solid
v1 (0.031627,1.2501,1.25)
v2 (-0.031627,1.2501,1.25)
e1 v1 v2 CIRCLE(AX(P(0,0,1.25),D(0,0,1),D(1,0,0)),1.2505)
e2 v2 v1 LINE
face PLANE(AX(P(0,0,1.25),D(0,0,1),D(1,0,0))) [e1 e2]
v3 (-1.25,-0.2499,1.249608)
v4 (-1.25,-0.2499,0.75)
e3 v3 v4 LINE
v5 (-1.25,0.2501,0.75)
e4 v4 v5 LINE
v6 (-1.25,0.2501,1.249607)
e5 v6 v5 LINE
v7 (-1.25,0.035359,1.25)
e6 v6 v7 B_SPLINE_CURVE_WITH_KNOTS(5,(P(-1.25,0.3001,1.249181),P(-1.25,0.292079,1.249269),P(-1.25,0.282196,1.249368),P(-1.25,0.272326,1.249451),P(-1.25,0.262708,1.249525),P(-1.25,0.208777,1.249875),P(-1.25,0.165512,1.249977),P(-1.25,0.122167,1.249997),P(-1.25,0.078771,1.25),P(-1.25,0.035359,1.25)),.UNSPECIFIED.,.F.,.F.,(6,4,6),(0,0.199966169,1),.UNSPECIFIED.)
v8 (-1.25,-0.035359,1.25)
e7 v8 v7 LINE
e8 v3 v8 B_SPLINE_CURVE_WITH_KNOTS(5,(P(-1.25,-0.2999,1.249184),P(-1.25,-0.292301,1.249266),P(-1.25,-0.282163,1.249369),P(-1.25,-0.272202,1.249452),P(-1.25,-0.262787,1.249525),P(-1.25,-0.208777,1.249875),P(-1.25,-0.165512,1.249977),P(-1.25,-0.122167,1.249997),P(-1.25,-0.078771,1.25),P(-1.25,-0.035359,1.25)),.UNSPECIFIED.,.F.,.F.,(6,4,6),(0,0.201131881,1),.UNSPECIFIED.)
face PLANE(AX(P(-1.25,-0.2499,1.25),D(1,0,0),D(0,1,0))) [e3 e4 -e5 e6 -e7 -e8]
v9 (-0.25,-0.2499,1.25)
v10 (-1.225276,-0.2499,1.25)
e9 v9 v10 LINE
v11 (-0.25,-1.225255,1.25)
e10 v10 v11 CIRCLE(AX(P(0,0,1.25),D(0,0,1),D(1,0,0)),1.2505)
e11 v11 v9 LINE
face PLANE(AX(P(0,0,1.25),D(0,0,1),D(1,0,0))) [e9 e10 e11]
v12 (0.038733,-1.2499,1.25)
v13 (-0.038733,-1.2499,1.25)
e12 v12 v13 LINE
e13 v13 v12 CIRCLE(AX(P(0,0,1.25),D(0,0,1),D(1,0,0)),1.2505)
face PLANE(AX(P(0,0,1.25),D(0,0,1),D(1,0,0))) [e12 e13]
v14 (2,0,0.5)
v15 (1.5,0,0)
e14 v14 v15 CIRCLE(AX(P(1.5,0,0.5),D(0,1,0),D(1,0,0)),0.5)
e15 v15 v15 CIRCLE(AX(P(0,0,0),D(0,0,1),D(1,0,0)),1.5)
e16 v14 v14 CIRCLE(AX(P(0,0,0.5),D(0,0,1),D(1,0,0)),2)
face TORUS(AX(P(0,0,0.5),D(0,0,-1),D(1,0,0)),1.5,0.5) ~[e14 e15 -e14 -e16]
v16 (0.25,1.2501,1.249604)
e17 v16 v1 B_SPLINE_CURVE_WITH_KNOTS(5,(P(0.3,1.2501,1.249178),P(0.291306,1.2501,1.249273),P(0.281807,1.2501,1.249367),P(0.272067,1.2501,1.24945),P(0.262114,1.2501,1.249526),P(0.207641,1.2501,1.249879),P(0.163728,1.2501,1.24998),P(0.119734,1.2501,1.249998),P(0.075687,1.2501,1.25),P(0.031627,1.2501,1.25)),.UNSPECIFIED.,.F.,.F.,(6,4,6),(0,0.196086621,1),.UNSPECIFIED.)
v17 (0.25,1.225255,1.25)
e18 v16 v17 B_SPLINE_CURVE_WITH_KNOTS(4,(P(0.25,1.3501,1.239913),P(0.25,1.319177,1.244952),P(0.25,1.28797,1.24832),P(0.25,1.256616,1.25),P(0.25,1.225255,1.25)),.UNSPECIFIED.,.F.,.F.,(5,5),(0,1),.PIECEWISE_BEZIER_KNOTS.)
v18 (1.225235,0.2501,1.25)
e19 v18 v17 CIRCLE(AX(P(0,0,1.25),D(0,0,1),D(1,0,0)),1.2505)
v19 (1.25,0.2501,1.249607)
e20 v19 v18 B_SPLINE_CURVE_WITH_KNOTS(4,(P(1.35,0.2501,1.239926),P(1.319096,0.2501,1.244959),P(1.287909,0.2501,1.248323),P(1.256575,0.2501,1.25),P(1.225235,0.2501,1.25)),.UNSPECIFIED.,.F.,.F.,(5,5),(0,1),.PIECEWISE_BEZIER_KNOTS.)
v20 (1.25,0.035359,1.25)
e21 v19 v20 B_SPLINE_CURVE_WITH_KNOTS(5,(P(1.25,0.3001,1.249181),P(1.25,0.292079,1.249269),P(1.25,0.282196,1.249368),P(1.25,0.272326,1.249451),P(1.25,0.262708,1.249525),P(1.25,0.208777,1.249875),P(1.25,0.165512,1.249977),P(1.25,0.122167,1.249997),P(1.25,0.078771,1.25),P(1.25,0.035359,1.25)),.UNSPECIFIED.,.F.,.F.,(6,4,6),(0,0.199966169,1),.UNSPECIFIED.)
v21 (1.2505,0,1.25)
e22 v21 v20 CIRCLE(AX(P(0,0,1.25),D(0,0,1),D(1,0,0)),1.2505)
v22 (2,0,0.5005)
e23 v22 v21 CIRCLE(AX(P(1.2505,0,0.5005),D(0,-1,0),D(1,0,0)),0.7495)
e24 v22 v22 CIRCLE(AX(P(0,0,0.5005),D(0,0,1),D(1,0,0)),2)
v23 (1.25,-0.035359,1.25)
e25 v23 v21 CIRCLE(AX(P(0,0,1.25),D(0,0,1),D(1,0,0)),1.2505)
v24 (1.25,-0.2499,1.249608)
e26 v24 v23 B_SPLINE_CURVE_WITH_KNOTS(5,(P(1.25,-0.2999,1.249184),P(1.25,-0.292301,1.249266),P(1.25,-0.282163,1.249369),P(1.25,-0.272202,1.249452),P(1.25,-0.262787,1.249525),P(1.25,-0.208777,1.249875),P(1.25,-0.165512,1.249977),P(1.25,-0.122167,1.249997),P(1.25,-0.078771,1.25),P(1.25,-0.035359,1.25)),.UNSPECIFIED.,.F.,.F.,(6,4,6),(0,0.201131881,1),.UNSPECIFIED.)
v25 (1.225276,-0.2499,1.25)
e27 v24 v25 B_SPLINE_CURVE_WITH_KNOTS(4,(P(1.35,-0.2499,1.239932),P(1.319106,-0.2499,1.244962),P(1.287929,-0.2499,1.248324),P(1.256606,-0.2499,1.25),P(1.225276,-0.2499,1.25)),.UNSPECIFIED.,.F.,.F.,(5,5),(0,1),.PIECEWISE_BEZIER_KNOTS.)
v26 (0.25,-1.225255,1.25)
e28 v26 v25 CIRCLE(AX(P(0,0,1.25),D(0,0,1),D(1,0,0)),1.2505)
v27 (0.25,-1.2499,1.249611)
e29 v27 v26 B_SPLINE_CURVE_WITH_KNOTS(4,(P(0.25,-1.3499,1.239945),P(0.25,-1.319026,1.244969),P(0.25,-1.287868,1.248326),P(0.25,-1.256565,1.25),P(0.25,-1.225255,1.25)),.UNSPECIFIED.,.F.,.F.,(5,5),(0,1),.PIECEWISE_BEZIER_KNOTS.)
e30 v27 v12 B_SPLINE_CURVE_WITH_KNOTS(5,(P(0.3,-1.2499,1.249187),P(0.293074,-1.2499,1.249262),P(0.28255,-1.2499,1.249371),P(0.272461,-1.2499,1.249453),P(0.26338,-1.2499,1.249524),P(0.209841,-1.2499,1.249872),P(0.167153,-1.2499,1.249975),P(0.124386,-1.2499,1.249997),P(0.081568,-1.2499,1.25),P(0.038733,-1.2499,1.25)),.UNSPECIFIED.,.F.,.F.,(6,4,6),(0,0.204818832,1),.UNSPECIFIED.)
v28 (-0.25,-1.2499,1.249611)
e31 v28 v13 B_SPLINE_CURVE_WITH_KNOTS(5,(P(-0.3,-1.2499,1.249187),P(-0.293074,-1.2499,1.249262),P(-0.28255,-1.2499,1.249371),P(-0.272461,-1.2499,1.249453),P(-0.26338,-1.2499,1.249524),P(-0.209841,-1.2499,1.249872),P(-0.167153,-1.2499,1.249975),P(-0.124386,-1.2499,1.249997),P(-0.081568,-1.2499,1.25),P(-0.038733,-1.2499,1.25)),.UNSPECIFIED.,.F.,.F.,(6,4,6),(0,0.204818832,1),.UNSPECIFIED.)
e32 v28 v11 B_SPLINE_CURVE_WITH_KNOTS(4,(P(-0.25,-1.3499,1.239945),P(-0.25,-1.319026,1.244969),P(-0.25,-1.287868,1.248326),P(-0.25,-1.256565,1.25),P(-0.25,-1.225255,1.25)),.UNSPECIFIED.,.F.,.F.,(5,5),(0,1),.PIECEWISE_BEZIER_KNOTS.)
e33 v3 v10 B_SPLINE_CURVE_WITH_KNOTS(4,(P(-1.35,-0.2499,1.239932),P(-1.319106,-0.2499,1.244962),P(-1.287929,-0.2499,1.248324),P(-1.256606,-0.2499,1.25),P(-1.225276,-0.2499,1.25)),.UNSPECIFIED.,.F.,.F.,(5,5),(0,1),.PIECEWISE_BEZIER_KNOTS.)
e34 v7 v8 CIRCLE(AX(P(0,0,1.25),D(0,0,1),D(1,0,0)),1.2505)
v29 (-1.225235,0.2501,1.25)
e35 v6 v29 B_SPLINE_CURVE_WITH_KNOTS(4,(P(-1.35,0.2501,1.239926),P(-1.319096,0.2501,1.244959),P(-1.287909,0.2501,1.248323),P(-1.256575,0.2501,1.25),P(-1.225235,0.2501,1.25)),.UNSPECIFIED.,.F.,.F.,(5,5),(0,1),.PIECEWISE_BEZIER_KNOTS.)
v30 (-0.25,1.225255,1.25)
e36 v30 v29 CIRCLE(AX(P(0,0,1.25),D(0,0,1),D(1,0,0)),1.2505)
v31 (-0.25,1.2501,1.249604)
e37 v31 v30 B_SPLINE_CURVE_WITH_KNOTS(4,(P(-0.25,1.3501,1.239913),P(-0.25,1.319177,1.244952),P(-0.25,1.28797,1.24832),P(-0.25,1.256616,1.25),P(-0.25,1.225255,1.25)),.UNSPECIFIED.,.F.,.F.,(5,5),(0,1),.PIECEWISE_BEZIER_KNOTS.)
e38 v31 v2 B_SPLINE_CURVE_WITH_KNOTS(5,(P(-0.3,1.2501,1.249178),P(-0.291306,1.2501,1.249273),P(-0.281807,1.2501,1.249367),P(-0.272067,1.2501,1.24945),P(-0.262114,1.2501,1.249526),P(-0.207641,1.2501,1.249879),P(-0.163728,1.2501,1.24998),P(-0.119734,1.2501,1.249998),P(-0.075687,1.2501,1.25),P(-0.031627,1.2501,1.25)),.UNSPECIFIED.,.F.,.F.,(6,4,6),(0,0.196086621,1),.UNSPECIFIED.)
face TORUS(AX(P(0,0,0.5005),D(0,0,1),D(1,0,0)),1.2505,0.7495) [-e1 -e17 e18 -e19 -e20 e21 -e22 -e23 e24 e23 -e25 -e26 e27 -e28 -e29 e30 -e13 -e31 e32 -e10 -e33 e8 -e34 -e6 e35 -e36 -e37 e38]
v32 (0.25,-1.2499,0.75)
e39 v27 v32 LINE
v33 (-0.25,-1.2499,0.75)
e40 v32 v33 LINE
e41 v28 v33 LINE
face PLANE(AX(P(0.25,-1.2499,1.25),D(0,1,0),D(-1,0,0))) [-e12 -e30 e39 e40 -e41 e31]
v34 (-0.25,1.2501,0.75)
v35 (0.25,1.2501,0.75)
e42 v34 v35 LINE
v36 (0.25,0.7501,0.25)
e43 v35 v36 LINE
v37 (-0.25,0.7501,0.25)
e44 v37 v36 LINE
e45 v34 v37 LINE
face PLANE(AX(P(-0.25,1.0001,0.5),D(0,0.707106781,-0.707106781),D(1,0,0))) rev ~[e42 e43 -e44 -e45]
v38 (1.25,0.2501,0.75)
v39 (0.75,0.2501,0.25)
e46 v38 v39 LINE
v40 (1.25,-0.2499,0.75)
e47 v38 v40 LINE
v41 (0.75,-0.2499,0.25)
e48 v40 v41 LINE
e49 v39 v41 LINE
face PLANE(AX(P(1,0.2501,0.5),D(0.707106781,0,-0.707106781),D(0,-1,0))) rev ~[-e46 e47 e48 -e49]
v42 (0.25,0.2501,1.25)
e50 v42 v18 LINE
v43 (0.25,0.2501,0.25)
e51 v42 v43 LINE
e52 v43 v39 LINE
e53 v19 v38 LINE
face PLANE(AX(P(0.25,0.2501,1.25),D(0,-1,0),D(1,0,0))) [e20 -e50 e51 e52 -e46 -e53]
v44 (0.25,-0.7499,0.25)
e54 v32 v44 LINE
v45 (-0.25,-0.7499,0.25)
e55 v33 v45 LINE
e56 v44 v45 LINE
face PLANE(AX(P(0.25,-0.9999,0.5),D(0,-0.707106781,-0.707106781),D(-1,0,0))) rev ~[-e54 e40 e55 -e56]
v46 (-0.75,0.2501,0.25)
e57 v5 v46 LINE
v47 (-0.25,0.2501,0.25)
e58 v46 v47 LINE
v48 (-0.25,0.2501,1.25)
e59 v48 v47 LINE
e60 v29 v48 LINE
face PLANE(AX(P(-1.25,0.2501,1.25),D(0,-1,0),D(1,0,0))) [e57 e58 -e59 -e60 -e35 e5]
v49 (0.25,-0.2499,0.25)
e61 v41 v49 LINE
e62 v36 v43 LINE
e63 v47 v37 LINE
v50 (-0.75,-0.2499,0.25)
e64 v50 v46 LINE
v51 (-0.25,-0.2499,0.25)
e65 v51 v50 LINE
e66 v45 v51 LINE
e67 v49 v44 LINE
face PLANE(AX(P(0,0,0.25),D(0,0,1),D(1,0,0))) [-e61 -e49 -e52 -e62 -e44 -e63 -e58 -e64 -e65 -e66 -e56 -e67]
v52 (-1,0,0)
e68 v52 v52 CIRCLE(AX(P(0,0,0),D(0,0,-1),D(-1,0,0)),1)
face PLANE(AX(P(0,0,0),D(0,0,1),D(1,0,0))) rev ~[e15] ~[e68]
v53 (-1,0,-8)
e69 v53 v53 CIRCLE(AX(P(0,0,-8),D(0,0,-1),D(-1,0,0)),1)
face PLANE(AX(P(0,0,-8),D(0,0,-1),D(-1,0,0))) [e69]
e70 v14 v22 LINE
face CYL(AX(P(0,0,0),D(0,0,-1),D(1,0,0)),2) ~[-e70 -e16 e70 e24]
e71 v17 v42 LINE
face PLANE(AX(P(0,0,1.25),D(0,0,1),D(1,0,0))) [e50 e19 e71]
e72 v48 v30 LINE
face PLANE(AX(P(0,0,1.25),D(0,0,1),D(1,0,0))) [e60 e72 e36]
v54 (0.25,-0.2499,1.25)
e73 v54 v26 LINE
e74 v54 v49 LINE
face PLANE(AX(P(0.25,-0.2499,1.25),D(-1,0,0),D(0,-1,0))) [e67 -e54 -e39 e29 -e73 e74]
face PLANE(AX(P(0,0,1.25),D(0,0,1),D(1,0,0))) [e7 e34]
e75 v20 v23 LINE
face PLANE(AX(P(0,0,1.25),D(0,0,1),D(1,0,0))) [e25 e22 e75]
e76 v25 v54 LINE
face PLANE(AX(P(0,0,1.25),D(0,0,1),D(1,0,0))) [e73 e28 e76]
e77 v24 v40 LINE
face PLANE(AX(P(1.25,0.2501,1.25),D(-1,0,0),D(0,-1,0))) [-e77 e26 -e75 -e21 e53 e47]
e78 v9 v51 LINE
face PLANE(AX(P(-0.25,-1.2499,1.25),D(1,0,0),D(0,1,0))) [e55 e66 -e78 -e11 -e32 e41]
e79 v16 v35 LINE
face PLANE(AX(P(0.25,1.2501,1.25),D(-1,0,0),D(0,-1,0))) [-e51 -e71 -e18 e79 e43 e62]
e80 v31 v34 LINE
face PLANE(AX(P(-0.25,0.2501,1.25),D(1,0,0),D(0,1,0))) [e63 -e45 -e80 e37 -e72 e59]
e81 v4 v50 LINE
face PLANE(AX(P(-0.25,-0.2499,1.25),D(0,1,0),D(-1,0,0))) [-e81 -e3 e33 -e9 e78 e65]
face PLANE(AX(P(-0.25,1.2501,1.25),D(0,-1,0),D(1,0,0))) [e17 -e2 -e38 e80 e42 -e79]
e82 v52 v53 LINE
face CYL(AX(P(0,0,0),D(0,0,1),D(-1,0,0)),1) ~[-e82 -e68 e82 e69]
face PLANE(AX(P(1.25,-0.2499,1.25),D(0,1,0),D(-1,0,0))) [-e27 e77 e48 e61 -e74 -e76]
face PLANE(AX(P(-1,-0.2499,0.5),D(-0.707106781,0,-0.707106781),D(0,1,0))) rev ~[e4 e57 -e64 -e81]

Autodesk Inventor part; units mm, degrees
ref_plane "YZ Plane" through (0, 0, 0) normal (1, 0, 0) x (0, 1, 0)
ref_plane "XZ Plane" through (0, 0, 0) normal (0, 1, 0) x (-1, 0, 0)
ref_plane "XY Plane" through (0, 0, 0) normal (0, 0, 1) x (1, 0, 0)
sketch "Sketch1" plane through (0, 0, 0) normal (0, 0, 1) x (1, 0, 0)
  circle A0 centre (0, 0) radius 2
  dimension "d0" = 4
extrude "Extrusion1" add sketch "Sketch1" along normal blind 1.25
fillet "Fillet1" radius 0.5 1 edges at (-2, 0, 0)
fillet "Fillet2" radius 0.75 1 edges at (-2, 0, 1.25)
sketch "Sketch2" plane through (0, 0, 1.25) normal (0, 0, 1) x (1, 0, 0)
  line L0 (-1.25, -0.2499) -> (-1.25, 0.2501)
  line L1 (-1.25, 0.2501) -> (-0.25, 0.2501)
  line L2 (-0.25, 0.2501) -> (-0.25, 1.2501)
  line L3 (-0.25, 1.2501) -> (0.25, 1.2501)
  line L4 (0.25, 1.2501) -> (0.25, 0.2501)
  line L5 (0.25, 0.2501) -> (1.25, 0.2501)
  line L6 (1.25, 0.2501) -> (1.25, -0.2499)
  line L7 (1.25, -0.2499) -> (0.25, -0.2499)
  line L8 (0.25, -0.2499) -> (0.25, -1.2499)
  line L9 (0.25, -1.2499) -> (-0.25, -1.2499)
  line L10 (-0.25, -1.2499) -> (-0.25, -0.2499)
  line L11 (-0.25, -0.2499) -> (-1.25, -0.2499)
  dimension "d24" = 0.5
  dimension "d27" = 0.5
  dimension "d28" = 0.5
  dimension "d29" = 0.5
  dimension "d30" = 1
  dimension "d31" = 1
  dimension "d32" = 1
  dimension "d33" = 1
  dimension "d34" = 1
  dimension "d35" = 1
extrude "Extrusion2" cut sketch "Sketch2" against normal blind 1
sketch "Sketch3" plane through (0, 0, 0) normal (0, 0, -1) x (-1, 0, 0)
  circle A0 centre (0, 0) radius 1.5 projected
  circle A1 centre (0, 0) radius 1
  dimension "d19" = 2
extrude "Extrusion3" add sketch "Sketch3" along normal blind 8 contours A1
chamfer "Chamfer3" distance 0.5 angle 45 4 edges at (-1.25, 0.0001, 0.25) (0, 1.2501, 0.25) (0, -1.2499, 0.25) (1.25, 0.0001, 0.25)
thread "Thread2" size "M2x0.4" class "6g" standard "ANSI Metric M Profile" full length
properties part number "screw_M2_8"
